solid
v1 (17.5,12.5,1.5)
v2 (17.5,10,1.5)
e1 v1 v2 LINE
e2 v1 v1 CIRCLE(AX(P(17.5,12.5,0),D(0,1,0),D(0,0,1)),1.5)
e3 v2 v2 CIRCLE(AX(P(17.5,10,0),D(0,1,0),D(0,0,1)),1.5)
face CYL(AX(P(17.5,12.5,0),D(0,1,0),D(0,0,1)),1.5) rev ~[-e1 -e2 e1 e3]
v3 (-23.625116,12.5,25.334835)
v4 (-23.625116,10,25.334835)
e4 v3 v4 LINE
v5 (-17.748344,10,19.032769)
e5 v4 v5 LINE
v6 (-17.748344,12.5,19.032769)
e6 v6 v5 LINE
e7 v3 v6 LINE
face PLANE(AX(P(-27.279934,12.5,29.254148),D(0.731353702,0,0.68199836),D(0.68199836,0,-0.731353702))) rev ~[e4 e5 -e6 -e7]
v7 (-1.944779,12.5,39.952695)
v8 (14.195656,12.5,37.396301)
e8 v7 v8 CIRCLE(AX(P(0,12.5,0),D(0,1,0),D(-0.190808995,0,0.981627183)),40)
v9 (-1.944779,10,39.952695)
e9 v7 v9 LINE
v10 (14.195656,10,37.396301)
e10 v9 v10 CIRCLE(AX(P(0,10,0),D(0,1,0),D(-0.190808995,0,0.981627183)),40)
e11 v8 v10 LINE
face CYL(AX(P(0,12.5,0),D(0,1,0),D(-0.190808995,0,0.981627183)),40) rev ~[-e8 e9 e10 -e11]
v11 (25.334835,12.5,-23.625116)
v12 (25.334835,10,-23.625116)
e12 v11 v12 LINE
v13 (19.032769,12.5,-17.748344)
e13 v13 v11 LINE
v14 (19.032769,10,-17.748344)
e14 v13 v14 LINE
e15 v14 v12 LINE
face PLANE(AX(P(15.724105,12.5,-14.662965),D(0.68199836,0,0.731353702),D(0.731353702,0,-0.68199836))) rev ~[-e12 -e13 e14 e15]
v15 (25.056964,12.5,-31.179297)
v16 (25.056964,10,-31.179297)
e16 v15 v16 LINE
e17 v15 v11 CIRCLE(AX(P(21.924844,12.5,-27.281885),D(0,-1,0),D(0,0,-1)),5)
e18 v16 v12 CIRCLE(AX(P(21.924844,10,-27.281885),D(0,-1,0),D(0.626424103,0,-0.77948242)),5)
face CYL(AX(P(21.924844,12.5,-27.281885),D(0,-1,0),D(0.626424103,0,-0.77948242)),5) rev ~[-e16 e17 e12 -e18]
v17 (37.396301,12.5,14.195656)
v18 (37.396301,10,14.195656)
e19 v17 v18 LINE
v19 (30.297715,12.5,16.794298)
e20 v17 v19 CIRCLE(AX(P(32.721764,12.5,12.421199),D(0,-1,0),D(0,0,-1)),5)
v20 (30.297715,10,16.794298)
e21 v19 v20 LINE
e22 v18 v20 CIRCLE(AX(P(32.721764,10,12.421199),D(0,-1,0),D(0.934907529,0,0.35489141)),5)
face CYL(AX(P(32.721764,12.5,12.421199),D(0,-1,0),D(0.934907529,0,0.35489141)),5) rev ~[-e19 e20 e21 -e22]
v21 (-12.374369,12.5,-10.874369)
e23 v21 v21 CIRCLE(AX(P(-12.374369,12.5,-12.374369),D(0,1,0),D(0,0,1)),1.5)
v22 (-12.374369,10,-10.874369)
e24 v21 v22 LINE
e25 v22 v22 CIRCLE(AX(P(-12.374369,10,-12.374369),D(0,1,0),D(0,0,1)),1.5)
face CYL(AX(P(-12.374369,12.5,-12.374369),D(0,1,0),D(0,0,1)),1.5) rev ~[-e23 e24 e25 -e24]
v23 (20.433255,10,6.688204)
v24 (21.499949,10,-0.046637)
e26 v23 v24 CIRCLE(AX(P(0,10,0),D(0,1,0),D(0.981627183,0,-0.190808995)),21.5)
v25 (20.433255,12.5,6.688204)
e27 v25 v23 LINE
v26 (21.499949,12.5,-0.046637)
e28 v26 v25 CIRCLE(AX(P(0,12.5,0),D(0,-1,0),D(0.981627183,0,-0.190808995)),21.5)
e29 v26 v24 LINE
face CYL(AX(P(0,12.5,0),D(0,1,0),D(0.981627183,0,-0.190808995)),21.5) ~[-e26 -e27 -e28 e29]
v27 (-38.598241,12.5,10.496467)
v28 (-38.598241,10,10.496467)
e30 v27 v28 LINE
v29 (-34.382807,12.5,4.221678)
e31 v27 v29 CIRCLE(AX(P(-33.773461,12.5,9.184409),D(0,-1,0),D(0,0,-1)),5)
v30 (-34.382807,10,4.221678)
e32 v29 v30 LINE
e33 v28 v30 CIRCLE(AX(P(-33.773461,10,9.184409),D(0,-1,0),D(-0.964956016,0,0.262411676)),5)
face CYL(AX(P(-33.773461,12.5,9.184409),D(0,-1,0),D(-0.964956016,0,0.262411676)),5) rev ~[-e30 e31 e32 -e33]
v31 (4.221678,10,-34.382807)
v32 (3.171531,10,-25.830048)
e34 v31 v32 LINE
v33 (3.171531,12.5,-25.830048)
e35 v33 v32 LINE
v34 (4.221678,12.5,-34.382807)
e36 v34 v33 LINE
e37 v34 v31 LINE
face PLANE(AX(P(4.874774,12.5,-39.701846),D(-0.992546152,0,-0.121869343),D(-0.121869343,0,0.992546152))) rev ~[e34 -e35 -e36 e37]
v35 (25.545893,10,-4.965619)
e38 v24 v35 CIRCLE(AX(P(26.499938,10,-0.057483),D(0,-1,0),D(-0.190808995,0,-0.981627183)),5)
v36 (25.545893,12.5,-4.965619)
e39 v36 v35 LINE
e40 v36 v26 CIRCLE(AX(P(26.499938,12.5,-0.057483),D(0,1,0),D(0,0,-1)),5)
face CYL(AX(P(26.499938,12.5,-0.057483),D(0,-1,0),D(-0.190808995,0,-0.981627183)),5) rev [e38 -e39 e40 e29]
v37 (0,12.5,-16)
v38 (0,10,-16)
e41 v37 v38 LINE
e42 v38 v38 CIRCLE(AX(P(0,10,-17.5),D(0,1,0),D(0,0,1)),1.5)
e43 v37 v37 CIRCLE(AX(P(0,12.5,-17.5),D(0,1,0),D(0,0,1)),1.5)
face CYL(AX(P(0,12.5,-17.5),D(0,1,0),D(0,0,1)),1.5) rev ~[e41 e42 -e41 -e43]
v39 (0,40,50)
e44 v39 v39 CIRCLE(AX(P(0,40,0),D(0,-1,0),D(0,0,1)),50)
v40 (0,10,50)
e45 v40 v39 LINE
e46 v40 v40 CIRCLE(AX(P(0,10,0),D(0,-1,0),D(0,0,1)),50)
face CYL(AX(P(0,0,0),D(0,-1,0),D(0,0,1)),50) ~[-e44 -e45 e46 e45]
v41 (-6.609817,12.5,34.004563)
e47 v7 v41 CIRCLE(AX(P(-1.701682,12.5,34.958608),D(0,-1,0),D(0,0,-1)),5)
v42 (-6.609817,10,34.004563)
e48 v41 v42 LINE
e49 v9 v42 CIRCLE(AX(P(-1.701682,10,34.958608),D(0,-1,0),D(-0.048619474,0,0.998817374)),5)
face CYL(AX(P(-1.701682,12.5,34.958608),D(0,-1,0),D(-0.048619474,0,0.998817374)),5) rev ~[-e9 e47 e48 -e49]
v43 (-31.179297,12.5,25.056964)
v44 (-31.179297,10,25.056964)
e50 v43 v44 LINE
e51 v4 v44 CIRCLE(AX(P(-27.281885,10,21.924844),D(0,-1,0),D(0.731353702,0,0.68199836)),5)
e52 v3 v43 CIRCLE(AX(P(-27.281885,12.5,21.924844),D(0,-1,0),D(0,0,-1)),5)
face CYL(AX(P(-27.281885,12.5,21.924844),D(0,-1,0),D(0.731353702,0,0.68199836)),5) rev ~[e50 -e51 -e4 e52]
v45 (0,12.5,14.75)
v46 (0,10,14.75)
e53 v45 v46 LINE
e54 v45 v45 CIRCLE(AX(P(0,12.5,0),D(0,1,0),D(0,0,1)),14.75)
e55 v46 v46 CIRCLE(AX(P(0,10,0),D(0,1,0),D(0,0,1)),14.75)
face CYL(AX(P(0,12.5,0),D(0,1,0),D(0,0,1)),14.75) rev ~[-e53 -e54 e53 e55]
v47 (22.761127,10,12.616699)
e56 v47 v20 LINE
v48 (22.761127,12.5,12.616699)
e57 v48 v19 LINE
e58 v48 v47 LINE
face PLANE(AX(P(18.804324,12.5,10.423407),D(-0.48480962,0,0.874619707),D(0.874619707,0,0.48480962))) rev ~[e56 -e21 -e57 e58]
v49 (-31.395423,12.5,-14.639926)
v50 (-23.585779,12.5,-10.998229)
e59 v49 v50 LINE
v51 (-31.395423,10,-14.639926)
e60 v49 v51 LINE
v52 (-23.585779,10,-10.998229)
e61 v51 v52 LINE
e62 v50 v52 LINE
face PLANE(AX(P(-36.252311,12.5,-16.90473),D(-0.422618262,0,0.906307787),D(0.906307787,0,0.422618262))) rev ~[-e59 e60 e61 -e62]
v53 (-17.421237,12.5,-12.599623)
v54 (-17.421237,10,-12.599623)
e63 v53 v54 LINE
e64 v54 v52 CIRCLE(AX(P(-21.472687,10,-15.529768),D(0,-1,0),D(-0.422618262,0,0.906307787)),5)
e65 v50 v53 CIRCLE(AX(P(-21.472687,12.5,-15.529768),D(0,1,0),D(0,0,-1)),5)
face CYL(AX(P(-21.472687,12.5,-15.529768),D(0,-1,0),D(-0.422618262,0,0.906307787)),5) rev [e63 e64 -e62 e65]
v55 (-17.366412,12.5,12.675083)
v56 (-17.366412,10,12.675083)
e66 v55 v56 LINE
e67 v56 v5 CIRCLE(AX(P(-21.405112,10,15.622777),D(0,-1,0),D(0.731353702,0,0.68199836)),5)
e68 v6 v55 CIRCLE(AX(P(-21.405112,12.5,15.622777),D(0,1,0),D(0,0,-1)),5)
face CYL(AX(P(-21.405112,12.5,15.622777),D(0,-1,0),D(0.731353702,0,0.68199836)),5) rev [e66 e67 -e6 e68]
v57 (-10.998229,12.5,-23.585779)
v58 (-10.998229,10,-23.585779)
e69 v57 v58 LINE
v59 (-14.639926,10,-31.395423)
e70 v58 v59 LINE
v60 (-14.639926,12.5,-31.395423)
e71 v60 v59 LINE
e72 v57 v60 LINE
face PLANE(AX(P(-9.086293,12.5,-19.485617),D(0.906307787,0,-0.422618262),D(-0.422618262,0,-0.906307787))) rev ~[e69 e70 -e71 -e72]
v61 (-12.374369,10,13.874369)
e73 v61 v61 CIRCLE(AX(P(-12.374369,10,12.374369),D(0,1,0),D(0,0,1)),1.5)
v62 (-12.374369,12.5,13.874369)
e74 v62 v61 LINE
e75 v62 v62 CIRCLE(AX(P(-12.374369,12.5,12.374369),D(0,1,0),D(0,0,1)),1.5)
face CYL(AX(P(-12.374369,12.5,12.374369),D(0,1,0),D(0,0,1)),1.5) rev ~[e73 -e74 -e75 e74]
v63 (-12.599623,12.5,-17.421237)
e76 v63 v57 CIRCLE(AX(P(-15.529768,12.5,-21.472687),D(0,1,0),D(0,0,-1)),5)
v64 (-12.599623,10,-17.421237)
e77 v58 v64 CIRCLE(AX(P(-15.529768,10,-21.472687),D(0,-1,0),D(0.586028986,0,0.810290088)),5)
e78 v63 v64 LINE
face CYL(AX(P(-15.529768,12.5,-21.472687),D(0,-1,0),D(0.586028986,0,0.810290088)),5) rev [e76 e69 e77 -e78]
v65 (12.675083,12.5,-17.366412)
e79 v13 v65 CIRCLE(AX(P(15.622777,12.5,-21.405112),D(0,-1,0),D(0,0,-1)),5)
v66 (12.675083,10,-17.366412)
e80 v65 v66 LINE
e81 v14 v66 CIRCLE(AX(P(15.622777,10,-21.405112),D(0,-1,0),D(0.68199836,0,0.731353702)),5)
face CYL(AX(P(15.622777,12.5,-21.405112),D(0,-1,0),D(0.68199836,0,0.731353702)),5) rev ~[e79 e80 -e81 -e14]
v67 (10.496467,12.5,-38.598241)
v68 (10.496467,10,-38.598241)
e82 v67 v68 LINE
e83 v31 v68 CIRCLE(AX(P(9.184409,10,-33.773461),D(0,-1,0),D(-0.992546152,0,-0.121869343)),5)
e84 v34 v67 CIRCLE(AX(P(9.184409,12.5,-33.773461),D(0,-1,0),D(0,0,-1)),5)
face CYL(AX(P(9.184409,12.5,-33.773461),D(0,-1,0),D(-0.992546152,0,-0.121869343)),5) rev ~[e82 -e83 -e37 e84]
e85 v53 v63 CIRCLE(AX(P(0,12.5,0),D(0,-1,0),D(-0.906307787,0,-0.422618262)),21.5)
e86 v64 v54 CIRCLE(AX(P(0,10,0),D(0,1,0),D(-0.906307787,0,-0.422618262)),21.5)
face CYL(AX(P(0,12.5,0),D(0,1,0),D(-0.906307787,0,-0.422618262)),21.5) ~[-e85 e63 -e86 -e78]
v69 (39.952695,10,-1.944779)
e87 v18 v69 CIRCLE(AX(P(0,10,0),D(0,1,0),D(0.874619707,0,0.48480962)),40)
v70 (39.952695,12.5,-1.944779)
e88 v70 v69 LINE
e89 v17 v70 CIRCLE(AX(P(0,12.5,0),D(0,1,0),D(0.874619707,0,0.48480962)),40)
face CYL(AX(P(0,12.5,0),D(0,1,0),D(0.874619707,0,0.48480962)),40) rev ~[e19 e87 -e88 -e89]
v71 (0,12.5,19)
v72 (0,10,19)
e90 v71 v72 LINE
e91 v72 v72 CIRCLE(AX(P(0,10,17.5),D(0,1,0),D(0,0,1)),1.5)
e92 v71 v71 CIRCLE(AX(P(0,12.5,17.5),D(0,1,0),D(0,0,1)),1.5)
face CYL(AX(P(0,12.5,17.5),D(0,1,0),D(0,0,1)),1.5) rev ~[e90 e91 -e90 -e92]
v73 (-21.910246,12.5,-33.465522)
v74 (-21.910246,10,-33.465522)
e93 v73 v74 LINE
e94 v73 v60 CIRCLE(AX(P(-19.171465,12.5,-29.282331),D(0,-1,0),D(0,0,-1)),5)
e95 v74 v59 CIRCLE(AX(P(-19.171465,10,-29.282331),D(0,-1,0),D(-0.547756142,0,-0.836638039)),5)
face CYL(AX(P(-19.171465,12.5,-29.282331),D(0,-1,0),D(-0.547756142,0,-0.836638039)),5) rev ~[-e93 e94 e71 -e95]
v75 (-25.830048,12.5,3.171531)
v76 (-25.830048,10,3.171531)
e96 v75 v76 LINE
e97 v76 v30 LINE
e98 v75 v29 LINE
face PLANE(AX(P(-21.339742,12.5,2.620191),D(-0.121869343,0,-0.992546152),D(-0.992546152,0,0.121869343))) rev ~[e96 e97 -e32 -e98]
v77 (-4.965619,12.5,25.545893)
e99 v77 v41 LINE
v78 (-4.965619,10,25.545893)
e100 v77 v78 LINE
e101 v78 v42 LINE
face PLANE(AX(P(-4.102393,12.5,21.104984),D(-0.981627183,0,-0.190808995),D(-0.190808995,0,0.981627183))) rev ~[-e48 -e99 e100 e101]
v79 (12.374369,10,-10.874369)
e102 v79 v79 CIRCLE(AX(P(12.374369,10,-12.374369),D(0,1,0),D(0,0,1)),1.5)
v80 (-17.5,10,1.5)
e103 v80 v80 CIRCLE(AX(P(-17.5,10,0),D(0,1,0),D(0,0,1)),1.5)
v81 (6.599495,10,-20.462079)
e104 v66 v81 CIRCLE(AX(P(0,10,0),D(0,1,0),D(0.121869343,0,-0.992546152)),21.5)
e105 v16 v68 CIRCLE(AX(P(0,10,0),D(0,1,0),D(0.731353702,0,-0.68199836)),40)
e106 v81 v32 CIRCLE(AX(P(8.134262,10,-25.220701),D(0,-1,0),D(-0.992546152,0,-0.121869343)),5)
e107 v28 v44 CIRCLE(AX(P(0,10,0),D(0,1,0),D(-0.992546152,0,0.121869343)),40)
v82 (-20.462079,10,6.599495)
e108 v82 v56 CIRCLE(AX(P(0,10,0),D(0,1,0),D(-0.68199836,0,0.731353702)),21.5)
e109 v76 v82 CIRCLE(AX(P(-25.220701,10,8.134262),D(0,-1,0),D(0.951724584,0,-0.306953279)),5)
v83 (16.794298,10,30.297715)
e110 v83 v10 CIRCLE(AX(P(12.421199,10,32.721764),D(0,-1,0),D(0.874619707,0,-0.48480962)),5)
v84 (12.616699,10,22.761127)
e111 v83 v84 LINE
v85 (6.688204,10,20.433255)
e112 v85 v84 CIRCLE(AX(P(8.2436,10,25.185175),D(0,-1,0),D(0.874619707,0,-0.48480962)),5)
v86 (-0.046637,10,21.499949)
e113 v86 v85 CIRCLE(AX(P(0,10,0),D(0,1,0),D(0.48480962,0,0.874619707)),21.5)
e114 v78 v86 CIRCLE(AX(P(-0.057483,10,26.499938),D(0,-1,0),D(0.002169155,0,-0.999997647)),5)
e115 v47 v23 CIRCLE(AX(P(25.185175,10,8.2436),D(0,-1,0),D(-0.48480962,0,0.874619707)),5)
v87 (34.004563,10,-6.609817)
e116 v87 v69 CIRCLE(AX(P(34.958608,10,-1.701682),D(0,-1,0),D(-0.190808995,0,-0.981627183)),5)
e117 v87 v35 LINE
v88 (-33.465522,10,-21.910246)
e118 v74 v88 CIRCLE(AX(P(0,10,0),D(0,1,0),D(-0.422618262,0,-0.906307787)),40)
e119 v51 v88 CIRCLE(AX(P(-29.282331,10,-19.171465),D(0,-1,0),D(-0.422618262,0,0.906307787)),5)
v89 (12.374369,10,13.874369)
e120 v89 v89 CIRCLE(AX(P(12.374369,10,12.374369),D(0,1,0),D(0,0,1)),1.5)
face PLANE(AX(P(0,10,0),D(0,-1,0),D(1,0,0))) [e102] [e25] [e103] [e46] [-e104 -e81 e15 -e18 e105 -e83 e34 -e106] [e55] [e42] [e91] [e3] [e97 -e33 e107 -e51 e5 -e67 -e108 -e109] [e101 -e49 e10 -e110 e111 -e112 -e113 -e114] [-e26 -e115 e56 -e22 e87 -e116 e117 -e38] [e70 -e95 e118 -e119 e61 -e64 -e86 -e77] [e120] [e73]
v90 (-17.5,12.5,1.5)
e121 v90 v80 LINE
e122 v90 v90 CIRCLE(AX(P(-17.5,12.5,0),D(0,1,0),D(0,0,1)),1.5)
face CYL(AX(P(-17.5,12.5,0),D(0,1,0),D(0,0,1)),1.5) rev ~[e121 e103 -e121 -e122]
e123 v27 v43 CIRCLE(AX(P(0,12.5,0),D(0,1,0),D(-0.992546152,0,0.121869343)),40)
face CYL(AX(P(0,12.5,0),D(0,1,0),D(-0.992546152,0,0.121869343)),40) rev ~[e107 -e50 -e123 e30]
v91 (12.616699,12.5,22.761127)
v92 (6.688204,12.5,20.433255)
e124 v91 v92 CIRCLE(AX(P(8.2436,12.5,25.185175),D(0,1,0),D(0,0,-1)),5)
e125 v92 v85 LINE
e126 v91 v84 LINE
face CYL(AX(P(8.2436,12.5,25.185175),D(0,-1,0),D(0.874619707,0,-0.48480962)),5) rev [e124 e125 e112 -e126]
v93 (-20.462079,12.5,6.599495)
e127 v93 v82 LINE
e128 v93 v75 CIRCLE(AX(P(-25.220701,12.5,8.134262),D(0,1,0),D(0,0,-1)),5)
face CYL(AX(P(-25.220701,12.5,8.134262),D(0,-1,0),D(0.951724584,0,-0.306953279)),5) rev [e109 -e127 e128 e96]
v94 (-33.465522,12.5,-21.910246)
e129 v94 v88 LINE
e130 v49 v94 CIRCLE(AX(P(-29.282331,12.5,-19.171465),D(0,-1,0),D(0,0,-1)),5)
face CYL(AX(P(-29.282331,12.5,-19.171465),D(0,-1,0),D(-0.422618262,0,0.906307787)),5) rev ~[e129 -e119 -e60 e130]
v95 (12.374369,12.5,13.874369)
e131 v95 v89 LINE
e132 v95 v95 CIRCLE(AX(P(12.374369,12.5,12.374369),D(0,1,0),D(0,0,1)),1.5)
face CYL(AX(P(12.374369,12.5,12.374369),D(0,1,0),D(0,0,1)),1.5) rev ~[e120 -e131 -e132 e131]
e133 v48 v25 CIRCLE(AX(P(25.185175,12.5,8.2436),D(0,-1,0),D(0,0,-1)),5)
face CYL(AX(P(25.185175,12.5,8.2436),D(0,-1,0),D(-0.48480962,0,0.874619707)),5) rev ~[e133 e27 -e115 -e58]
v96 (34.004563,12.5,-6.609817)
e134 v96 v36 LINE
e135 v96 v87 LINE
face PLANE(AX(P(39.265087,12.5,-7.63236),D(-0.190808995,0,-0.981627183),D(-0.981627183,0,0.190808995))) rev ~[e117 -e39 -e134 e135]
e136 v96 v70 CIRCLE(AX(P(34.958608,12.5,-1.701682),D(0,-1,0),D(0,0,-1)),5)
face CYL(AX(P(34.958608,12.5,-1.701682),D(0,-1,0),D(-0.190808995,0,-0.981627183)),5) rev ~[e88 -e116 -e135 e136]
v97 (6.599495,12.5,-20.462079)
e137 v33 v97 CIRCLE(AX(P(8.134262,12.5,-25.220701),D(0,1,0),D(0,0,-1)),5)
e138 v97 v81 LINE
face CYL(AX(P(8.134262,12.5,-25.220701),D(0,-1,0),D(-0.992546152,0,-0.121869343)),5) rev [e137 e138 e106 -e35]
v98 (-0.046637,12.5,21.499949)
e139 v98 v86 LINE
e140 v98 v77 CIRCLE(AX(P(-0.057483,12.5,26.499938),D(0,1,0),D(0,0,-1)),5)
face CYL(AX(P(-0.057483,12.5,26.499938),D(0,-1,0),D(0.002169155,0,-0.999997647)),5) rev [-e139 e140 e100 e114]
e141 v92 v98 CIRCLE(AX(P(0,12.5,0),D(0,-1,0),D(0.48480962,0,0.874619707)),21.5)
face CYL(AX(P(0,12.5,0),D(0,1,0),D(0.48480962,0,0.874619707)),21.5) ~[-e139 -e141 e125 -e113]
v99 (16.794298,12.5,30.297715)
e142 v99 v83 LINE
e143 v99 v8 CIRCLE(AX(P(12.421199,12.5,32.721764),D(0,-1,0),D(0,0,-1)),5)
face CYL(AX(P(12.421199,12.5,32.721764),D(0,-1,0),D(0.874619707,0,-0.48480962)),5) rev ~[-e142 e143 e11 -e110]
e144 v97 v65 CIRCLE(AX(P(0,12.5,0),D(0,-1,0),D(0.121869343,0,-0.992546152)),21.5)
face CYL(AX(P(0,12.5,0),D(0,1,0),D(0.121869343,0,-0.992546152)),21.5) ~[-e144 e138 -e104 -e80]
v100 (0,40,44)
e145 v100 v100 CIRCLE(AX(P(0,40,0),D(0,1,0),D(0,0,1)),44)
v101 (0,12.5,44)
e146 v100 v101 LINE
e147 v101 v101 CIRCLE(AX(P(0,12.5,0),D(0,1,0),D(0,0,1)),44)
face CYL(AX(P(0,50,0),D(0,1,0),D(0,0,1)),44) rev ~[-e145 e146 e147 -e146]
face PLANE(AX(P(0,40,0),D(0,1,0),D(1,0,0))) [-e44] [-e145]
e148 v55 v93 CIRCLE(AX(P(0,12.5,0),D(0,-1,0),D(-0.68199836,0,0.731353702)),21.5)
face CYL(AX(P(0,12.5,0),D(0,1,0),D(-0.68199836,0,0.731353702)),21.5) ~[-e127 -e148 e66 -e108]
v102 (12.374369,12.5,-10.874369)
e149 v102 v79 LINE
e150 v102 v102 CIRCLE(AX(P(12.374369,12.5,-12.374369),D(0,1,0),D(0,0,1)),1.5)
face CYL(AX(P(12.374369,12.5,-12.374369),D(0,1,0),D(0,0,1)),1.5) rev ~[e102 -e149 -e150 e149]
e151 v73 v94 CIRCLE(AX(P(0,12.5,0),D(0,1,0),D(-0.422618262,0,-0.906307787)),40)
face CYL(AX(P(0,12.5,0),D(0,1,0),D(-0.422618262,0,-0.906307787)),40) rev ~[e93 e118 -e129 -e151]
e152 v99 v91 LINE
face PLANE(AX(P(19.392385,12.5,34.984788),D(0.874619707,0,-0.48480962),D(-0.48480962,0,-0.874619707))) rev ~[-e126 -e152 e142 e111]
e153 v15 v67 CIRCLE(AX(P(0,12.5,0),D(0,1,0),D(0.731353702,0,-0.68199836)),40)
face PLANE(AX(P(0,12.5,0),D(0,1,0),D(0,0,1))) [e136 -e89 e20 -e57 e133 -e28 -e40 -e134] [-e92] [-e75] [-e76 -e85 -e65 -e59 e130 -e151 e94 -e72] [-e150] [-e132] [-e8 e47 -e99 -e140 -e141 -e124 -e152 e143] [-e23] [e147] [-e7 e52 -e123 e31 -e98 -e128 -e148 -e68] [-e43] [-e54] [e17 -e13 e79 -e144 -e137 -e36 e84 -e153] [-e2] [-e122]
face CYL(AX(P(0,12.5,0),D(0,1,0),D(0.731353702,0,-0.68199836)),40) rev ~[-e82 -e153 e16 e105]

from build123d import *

# Parameters (mm, degrees)
SKETCH_1_R                       = 50
EXTRUDE_1_DEPTH                  = 50
SKETCH_2_R                       = 44
CUT_EXTRUDE_1_DEPTH              = 37.5
CUT_EXTRUDE_START                = -9.5
SKETCH_3_R                       = 44
CUT_EXTRUDE_2_DEPTH              = 9.5
SKETCH_4_R                       = 14.75
SKETCH_4_R_2                     = 1.5
CUT_EXTRUDE_3_DEPTH              = 4
CUT_EXTRUDE_4_DEPTH              = 4
FILLET_1_R                       = 5
PATTERN_CIRCULAR_1_COUNT         = 5
FILLET_1_OF_PATTERN_CIRCULAR_1_R = 5
SKETCH_11_R                      = 59.165085767
CUT_EXTRUDE_8_DEPTH              = 10
SKETCH_15_R                      = 58.048743464
CUT_EXTRUDE_10_DEPTH             = 10


with BuildPart() as part:
    # 草图1 → 凸台-拉伸1 (new body)
    with BuildSketch(Plane(origin=(0, 0, 0), x_dir=(1, 0, 0), z_dir=(0, 1, 0))):
        with Locations(Location((0, 0, 0), (0, 0, 270))):
            Circle(SKETCH_1_R)
    extrude(amount=EXTRUDE_1_DEPTH)

    # 草图2 → 切除-拉伸1 (cut)
    with BuildSketch(Plane(origin=(0, 50, 0), x_dir=(1, 0, 0), z_dir=(0, 1, 0))):
        with Locations(Location((0, 0, 0), (0, 0, 270))):
            Circle(SKETCH_2_R)
    extrude(amount=-CUT_EXTRUDE_1_DEPTH, mode=Mode.SUBTRACT)

    # 草图3 → 切除-拉伸2 (cut)
    with BuildSketch(Plane.XZ.offset(CUT_EXTRUDE_START)):
        with Locations(Location((0, 0, 0), (0, 0, 90))):
            Circle(SKETCH_3_R)
    extrude(amount=CUT_EXTRUDE_2_DEPTH, mode=Mode.SUBTRACT)

    # 草图4 → 切除-拉伸3 (cut)
    with BuildSketch(Plane(origin=(0, 12.5, 0), x_dir=(1, 0, 0), z_dir=(0, 1, 0))):
        with Locations(Location((0, 0, 0), (0, 0, 270))):
            Circle(SKETCH_4_R)
        with Locations(Location((0, 17.5, 0), (0, 0, 270))):
            Circle(SKETCH_4_R_2)
        with Locations(Location((12.374368671, 12.374368671, 0), (0, 0, 270))):
            Circle(SKETCH_4_R_2)
        with Locations(Location((17.5, 0, 0), (0, 0, 270))):
            Circle(SKETCH_4_R_2)
        with Locations(Location((12.374368671, -12.374368671, 0), (0, 0, 270))):
            Circle(SKETCH_4_R_2)
        with Locations(Location((0, -17.5, 0), (0, 0, 270))):
            Circle(SKETCH_4_R_2)
        with Locations(Location((-12.374368671, -12.374368671, 0), (0, 0, 270))):
            Circle(SKETCH_4_R_2)
        with Locations(Location((-17.5, 0, 0), (0, 0, 270))):
            Circle(SKETCH_4_R_2)
        with Locations(Location((-12.374368671, 12.374368671, 0), (0, 0, 270))):
            Circle(SKETCH_4_R_2)
    extrude(amount=-CUT_EXTRUDE_3_DEPTH, mode=Mode.SUBTRACT)

    # 草图8 → 切除-拉伸4 (cut)
    with BuildSketch(Plane(origin=(0, 12.5, 0), x_dir=(1, 0, 0), z_dir=(0, 1, 0))):
        with BuildLine():
            Line((4.874773736, 39.701846066), (2.620190883, 21.33974226))
            ThreePointArc((2.620190883, 21.33974226), (9.760795744, 19.15664027), (15.724104585, 14.662964741))
            Line((15.724104585, 14.662964741), (29.254148065, 27.279934402))
            ThreePointArc((29.254148065, 27.279934402), (18.15961999, 35.640260968), (4.874773736, 39.701846066))
        make_face()
    cut_extrude_4 = extrude(amount=-CUT_EXTRUDE_4_DEPTH, mode=Mode.SUBTRACT)

    # 圆角1
    fillet_1_edges = [part.edges().sort_by_distance(p)[0] for p in [
        (29.254148065, 11, -27.279934402),
        (15.724104585, 11, -14.662964741),
        (2.620190883, 11, -21.33974226),
        (4.874773736, 11, -39.701846066),
    ]]
    fillet(fillet_1_edges, radius=FILLET_1_R)

    # 阵列(圆周)1: 切除-拉伸4 ×5 about axis
    pattern_circular_1_axis = Axis((0, 0, 0), (0, 1, 0))
    for i in range(1, PATTERN_CIRCULAR_1_COUNT):
        add(cut_extrude_4.rotate(pattern_circular_1_axis, i * 360 / PATTERN_CIRCULAR_1_COUNT), mode=Mode.SUBTRACT)

    # 圆角1 of 阵列(圆周)1
    fillet_1_of_pattern_circular_1_edges = [part.edges().sort_by_distance(p)[0] for p in [
        (-16.90473047, 11, -36.252311481),
        (-9.086292627, 11, -19.485617421),
        (-19.485617421, 11, -9.086292627),
        (-36.252311481, 11, -16.90473047),
        (-39.701846066, 11, 4.874773736),
        (-21.33974226, 11, 2.620190883),
        (-14.662964741, 11, 15.724104585),
        (-27.279934402, 11, 29.254148065),
        (-7.632359815, 11, 39.265087338),
        (-4.102393401, 11, 21.104984444),
        (10.423406835, 11, 18.804323703),
        (19.39238481, 11, 34.984788286),
        (34.984788286, 11, 19.39238481),
        (18.804323703, 11, 10.423406835),
        (21.104984444, 11, -4.102393401),
        (39.265087338, 11, -7.632359815),
    ]]
    fillet(fillet_1_of_pattern_circular_1_edges, radius=FILLET_1_OF_PATTERN_CIRCULAR_1_R)

    # 草图11 → 切除-拉伸8 (cut)
    with BuildSketch(Plane.XZ):
        Circle(SKETCH_11_R)
    extrude(amount=-CUT_EXTRUDE_8_DEPTH, mode=Mode.SUBTRACT)

    # 草图15 → 切除-拉伸10 (cut)
    with BuildSketch(Plane(origin=(0, 50, 0), x_dir=(1, 0, 0), z_dir=(0, 1, 0))):
        Circle(SKETCH_15_R)
    extrude(amount=-CUT_EXTRUDE_10_DEPTH, mode=Mode.SUBTRACT)


solid = part.part
